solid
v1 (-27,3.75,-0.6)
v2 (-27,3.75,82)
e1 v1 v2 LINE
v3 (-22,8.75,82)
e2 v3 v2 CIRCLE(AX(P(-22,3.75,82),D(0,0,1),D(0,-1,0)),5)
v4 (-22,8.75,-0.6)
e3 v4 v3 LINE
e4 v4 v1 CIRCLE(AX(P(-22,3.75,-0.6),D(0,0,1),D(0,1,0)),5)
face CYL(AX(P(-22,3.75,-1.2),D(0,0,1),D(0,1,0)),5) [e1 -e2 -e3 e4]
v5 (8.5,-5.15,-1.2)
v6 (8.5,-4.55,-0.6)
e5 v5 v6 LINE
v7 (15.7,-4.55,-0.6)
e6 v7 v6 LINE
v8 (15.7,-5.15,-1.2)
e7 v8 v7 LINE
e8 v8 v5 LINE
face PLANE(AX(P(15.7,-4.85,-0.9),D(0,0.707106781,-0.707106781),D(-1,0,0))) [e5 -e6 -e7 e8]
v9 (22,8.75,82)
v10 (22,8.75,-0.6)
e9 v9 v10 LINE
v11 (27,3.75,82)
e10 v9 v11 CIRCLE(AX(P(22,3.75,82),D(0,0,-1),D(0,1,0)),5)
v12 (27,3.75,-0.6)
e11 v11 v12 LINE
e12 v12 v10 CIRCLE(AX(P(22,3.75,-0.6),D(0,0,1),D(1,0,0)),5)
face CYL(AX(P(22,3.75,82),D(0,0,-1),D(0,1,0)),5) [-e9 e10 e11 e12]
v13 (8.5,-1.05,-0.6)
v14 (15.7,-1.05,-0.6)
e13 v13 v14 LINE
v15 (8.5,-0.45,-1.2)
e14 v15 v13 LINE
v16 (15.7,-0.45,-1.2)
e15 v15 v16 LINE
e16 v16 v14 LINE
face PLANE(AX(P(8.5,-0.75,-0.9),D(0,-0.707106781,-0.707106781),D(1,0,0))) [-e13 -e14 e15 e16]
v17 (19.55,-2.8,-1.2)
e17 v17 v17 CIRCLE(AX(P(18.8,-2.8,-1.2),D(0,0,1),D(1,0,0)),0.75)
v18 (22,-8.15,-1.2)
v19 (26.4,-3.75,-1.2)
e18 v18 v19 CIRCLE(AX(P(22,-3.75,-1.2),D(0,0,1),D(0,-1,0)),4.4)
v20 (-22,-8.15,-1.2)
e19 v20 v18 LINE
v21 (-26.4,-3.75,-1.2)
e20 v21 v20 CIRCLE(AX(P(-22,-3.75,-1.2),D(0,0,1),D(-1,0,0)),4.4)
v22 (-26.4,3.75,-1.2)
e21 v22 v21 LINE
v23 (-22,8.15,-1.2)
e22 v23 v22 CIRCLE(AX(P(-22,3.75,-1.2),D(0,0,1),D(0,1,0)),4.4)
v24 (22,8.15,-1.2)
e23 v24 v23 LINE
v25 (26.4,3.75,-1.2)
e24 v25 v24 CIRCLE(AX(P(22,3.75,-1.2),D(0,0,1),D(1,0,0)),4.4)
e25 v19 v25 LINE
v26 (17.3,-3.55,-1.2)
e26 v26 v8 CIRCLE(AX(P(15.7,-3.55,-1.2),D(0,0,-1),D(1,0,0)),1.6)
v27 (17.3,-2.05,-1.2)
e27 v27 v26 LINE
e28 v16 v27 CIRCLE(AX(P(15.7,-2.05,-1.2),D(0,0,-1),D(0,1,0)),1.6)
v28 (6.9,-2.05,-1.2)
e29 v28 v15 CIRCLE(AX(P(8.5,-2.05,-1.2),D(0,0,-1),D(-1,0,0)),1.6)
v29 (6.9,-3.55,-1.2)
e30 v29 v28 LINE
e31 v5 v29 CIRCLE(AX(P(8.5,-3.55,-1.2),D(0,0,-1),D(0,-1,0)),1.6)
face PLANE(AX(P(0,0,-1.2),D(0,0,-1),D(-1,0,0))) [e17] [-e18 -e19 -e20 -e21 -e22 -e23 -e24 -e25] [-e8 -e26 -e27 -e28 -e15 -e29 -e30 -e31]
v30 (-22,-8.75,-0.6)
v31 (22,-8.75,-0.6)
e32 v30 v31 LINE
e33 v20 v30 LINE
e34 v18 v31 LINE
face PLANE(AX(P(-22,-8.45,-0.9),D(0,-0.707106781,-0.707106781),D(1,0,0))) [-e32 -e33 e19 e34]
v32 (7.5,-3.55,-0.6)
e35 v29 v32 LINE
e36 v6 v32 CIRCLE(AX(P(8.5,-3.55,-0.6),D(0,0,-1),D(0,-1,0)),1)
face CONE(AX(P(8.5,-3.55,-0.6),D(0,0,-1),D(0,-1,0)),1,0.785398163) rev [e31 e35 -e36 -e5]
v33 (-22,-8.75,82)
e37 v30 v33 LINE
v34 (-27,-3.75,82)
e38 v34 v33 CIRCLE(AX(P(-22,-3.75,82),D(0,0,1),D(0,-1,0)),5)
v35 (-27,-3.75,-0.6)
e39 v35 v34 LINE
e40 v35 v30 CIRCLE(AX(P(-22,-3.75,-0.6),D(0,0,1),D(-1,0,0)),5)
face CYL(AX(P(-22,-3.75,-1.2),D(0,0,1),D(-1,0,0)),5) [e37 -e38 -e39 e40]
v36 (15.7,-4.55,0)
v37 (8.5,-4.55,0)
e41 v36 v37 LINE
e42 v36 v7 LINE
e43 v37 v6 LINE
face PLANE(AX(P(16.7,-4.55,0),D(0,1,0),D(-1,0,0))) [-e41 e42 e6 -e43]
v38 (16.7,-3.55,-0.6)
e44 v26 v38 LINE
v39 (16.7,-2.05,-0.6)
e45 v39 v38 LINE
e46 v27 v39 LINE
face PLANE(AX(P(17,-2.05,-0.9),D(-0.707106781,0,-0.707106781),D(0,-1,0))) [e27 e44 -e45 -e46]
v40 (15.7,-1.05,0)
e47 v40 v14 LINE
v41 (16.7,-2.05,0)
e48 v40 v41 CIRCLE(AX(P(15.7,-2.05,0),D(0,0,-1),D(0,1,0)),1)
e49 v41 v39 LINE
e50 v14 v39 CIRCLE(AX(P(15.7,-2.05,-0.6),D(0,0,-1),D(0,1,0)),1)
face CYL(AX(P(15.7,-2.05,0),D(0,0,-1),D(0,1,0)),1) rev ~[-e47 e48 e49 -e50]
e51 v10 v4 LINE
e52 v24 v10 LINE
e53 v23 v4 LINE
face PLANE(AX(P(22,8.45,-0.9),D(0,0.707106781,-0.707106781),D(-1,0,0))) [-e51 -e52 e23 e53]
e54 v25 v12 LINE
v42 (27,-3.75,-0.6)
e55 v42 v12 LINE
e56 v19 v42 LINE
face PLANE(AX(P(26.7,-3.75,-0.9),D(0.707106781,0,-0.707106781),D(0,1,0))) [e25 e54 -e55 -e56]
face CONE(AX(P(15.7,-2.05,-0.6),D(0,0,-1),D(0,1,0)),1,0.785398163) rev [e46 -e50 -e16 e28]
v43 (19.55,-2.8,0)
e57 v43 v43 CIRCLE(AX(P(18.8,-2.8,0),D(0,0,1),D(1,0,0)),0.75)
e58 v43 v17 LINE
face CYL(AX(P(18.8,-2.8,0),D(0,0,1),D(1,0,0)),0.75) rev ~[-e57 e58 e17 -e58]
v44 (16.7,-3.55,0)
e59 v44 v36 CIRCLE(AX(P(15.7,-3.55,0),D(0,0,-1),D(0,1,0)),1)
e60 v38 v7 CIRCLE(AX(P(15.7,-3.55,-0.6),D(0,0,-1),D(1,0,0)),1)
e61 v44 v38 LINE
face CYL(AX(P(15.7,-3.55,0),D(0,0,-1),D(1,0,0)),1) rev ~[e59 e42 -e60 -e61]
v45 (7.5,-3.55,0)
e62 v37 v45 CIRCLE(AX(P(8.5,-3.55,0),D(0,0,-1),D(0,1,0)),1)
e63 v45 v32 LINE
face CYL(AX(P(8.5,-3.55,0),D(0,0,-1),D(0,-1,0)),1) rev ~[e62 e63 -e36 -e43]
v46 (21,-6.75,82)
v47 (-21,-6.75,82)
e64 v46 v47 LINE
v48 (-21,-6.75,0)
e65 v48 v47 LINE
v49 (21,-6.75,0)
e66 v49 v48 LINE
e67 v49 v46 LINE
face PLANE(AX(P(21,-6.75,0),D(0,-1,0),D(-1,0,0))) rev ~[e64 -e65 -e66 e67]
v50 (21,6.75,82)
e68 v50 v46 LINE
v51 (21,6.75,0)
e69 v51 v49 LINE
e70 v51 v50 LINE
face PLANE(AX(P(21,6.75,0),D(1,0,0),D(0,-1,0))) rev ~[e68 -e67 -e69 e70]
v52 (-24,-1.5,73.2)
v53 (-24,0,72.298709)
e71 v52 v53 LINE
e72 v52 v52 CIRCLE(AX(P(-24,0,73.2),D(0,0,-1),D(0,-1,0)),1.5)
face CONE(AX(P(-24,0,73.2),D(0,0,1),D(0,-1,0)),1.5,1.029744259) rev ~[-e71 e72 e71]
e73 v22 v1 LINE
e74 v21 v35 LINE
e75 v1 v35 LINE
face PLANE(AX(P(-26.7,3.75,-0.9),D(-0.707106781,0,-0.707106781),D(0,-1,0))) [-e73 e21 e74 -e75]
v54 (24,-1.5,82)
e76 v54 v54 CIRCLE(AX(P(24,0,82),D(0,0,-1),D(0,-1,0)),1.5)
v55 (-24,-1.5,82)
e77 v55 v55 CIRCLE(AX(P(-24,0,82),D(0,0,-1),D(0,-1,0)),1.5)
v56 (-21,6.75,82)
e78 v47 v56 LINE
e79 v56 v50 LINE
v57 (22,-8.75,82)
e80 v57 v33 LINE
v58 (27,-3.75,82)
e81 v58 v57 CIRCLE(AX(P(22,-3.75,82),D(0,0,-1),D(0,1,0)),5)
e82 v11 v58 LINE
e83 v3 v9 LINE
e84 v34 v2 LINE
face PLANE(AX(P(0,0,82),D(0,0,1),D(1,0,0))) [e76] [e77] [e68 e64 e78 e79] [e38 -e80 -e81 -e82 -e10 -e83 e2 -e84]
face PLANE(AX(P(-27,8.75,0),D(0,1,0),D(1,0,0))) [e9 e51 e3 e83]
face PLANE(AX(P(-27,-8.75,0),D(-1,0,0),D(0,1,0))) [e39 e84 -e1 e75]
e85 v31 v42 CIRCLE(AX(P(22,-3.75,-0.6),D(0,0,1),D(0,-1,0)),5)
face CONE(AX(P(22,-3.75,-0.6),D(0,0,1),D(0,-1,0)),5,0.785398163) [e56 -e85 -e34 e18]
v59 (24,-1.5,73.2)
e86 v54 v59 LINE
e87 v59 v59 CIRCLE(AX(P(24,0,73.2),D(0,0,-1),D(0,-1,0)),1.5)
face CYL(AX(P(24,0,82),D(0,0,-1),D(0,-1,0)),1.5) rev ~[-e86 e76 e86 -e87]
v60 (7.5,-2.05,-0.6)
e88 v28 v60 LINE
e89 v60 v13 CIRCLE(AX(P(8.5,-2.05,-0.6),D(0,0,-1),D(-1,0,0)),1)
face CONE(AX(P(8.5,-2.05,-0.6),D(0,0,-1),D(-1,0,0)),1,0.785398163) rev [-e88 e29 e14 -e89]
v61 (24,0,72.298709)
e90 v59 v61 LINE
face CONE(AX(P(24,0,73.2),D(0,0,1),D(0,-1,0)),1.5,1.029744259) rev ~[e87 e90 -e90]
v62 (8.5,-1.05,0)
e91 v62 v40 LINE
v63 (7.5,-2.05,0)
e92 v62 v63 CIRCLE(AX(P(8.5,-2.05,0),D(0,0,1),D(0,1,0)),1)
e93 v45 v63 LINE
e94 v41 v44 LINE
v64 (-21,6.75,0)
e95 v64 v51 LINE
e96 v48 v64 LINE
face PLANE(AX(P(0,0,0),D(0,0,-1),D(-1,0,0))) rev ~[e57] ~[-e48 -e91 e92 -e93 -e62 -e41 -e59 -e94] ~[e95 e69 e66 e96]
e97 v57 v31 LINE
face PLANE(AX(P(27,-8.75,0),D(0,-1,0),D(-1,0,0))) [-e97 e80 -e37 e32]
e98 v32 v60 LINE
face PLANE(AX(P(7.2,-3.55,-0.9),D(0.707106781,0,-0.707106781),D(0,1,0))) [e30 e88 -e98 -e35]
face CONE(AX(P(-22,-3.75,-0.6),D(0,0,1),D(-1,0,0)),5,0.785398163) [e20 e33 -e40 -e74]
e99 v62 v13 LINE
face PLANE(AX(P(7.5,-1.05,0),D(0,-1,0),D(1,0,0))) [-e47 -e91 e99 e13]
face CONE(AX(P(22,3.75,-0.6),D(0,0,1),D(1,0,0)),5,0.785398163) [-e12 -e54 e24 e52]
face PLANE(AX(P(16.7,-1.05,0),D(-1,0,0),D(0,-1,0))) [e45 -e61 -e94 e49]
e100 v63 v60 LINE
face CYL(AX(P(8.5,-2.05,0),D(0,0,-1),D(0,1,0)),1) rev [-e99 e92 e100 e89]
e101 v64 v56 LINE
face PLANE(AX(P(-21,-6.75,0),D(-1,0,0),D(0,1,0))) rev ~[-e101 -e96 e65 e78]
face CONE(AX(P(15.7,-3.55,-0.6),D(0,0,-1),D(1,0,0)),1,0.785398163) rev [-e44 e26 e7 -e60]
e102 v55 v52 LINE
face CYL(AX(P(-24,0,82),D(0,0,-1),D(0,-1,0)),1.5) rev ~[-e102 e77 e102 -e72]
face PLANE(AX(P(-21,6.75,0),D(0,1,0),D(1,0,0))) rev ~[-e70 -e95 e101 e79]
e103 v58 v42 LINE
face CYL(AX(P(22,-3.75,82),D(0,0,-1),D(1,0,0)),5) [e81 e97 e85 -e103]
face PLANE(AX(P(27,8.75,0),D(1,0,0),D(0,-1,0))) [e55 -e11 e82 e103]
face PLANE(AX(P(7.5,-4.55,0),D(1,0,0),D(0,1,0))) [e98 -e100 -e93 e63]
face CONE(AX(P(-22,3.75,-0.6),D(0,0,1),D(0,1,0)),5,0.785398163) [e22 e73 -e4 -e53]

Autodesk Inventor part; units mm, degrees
ref_plane "YZ Plane" through (0, 0, 0) normal (1, 0, 0) x (0, 1, 0)
ref_plane "XZ Plane" through (0, 0, 0) normal (0, 1, 0) x (-1, 0, 0)
ref_plane "XY Plane" through (0, 0, 0) normal (0, 0, 1) x (1, 0, 0)
sketch "Sketch1" plane through (0, 0, 0) normal (0, 0, 1) x (1, 0, 0)
  point P0 (0, 0)
sketch "Sketch2" plane through (0, 0, 0) normal (0, 0, 1) x (1, 0, 0)
  line L0 (-21, 6.75) -> (21, 6.75)
  line L1 (21, 6.75) -> (21, -6.75)
  line L2 (21, -6.75) -> (-21, -6.75)
  line L3 (-21, -6.75) -> (-21, 6.75)
  line L4 (-27, 8.75) -> (27, 8.75)
  line L5 (27, 8.75) -> (27, -8.75)
  line L6 (27, -8.75) -> (-27, -8.75)
  line L7 (-27, -8.75) -> (-27, 8.75)
  point P0 (0, 0)
  dimension "d0" = 42
  dimension "d1" = 13.5
  dimension "d2" = 2
  dimension "d3" = 2
  dimension "d4" = 6
  dimension "d5" = 6
  dimension "d6" = 6.75
  dimension "d7" = 21
extrude "Extrusion1" add sketch "Sketch2" along normal blind 82
sketch "Sketch3" plane through (0, 0, 0) normal (0, 0, -1) x (-1, 0, 0)
  line L0 (-27, -8.75) -> (-27, 8.75) projected
  line L1 (27, 8.75) -> (27, -8.75) projected
  line L2 (-27, 8.75) -> (27, 8.75)
  line L3 (27, 8.75) -> (27, -8.75)
  line L4 (27, -8.75) -> (-27, -8.75)
  line L5 (-27, -8.75) -> (-27, 8.75)
  point P0 (0, 0)
extrude "Extrusion2" add sketch "Sketch3" along normal blind 1.2
fillet "Fillet1" radius 5 4 edges at (-27, 8.75, 40.4) (-27, -8.75, 40.4) (27, 8.75, 40.4) (27, -8.75, 40.4)
sketch "Sketch4" plane through (0, 0, 82) normal (0, 0, 1) x (1, 0, 0)
  line L0 (-21, -6.75) -> (-21, 6.75) projected
  line L1 (21, 6.75) -> (21, -6.75) projected
  line L2 (21, -6.75) -> (-21, -6.75) projected
  point P0 (0, 0)
  point P1 (-24, 0)
  point P2 (24, 0)
  dimension "d13" = 3
  dimension "d14" = 3
  dimension "d15" = 6.75
  dimension "d16" = 6.75
hole "Hole1" at (-24, 0, 82) at (24, 0, 82) direction (0, 0, -1) diameter 3 depth 8.8 tip angle 118
sketch "Sketch5" plane through (0, 0, 0) normal (0, 0, 1) x (1, 0, 0)
  line L0 (7.5, -1.05) -> (16.7, -1.05)
  line L1 (16.7, -1.05) -> (16.7, -4.55)
  line L2 (16.7, -4.55) -> (7.5, -4.55)
  line L3 (7.5, -4.55) -> (7.5, -1.05)
  line L4 (21, -6.75) -> (-21, -6.75) projected
  line L5 (21, 6.75) -> (21, -6.75) projected
  point P0 (0, 0)
  dimension "d24" = 2.2
  dimension "d25" = 3.5
  dimension "d26" = 9.2
  dimension "d27" = 4.3
extrude "Extrusion3" cut sketch "Sketch5" against normal blind 1.2
fillet "Fillet2" radius 1 4 edges at (16.7, -1.05, -0.6) (16.7, -4.55, -0.6) (7.5, -4.55, -0.6) (7.5, -1.05, -0.6)
sketch "Sketch6" plane through (0, 0, 0) normal (0, 0, 1) x (1, 0, 0)
  circle A0 centre (18.8, -2.8) radius 0.75
  line L0 (21, 6.75) -> (21, -6.75) projected
  line L1 (15.7, -4.55) -> (8.5, -4.55) projected
  line L2 (8.5, -1.05) -> (15.7, -1.05) projected
  point P0 (0, 0)
  dimension "d31" = 1.5
  dimension "d32" = 2.2
  dimension "d33" = 1.75
  dimension "d34" = 1.75
extrude "Extrusion4" cut sketch "Sketch6" against normal blind 1.2
chamfer "Chamfer1" distance 0.6 angle 45 8 edges at (12.1, -1.05, -1.2) (7.7929, -1.3429, -1.2) (7.5, -2.8, -1.2) (7.7929, -4.2571, -1.2) (12.1, -4.55, -1.2) (16.4071, -4.2571, -1.2) (16.7, -2.8, -1.2) (16.4071, -1.3429, -1.2)
chamfer "Chamfer2" distance 0.6 angle 45 8 edges at (0, 8.75, -1.2) (25.5355, 7.2855, -1.2) (27, 0, -1.2) (25.5355, -7.2855, -1.2) (0, -8.75, -1.2) (-25.5355, -7.2855, -1.2) (-27, 0, -1.2) (-25.5355, 7.2855, -1.2)
properties part number "base"
